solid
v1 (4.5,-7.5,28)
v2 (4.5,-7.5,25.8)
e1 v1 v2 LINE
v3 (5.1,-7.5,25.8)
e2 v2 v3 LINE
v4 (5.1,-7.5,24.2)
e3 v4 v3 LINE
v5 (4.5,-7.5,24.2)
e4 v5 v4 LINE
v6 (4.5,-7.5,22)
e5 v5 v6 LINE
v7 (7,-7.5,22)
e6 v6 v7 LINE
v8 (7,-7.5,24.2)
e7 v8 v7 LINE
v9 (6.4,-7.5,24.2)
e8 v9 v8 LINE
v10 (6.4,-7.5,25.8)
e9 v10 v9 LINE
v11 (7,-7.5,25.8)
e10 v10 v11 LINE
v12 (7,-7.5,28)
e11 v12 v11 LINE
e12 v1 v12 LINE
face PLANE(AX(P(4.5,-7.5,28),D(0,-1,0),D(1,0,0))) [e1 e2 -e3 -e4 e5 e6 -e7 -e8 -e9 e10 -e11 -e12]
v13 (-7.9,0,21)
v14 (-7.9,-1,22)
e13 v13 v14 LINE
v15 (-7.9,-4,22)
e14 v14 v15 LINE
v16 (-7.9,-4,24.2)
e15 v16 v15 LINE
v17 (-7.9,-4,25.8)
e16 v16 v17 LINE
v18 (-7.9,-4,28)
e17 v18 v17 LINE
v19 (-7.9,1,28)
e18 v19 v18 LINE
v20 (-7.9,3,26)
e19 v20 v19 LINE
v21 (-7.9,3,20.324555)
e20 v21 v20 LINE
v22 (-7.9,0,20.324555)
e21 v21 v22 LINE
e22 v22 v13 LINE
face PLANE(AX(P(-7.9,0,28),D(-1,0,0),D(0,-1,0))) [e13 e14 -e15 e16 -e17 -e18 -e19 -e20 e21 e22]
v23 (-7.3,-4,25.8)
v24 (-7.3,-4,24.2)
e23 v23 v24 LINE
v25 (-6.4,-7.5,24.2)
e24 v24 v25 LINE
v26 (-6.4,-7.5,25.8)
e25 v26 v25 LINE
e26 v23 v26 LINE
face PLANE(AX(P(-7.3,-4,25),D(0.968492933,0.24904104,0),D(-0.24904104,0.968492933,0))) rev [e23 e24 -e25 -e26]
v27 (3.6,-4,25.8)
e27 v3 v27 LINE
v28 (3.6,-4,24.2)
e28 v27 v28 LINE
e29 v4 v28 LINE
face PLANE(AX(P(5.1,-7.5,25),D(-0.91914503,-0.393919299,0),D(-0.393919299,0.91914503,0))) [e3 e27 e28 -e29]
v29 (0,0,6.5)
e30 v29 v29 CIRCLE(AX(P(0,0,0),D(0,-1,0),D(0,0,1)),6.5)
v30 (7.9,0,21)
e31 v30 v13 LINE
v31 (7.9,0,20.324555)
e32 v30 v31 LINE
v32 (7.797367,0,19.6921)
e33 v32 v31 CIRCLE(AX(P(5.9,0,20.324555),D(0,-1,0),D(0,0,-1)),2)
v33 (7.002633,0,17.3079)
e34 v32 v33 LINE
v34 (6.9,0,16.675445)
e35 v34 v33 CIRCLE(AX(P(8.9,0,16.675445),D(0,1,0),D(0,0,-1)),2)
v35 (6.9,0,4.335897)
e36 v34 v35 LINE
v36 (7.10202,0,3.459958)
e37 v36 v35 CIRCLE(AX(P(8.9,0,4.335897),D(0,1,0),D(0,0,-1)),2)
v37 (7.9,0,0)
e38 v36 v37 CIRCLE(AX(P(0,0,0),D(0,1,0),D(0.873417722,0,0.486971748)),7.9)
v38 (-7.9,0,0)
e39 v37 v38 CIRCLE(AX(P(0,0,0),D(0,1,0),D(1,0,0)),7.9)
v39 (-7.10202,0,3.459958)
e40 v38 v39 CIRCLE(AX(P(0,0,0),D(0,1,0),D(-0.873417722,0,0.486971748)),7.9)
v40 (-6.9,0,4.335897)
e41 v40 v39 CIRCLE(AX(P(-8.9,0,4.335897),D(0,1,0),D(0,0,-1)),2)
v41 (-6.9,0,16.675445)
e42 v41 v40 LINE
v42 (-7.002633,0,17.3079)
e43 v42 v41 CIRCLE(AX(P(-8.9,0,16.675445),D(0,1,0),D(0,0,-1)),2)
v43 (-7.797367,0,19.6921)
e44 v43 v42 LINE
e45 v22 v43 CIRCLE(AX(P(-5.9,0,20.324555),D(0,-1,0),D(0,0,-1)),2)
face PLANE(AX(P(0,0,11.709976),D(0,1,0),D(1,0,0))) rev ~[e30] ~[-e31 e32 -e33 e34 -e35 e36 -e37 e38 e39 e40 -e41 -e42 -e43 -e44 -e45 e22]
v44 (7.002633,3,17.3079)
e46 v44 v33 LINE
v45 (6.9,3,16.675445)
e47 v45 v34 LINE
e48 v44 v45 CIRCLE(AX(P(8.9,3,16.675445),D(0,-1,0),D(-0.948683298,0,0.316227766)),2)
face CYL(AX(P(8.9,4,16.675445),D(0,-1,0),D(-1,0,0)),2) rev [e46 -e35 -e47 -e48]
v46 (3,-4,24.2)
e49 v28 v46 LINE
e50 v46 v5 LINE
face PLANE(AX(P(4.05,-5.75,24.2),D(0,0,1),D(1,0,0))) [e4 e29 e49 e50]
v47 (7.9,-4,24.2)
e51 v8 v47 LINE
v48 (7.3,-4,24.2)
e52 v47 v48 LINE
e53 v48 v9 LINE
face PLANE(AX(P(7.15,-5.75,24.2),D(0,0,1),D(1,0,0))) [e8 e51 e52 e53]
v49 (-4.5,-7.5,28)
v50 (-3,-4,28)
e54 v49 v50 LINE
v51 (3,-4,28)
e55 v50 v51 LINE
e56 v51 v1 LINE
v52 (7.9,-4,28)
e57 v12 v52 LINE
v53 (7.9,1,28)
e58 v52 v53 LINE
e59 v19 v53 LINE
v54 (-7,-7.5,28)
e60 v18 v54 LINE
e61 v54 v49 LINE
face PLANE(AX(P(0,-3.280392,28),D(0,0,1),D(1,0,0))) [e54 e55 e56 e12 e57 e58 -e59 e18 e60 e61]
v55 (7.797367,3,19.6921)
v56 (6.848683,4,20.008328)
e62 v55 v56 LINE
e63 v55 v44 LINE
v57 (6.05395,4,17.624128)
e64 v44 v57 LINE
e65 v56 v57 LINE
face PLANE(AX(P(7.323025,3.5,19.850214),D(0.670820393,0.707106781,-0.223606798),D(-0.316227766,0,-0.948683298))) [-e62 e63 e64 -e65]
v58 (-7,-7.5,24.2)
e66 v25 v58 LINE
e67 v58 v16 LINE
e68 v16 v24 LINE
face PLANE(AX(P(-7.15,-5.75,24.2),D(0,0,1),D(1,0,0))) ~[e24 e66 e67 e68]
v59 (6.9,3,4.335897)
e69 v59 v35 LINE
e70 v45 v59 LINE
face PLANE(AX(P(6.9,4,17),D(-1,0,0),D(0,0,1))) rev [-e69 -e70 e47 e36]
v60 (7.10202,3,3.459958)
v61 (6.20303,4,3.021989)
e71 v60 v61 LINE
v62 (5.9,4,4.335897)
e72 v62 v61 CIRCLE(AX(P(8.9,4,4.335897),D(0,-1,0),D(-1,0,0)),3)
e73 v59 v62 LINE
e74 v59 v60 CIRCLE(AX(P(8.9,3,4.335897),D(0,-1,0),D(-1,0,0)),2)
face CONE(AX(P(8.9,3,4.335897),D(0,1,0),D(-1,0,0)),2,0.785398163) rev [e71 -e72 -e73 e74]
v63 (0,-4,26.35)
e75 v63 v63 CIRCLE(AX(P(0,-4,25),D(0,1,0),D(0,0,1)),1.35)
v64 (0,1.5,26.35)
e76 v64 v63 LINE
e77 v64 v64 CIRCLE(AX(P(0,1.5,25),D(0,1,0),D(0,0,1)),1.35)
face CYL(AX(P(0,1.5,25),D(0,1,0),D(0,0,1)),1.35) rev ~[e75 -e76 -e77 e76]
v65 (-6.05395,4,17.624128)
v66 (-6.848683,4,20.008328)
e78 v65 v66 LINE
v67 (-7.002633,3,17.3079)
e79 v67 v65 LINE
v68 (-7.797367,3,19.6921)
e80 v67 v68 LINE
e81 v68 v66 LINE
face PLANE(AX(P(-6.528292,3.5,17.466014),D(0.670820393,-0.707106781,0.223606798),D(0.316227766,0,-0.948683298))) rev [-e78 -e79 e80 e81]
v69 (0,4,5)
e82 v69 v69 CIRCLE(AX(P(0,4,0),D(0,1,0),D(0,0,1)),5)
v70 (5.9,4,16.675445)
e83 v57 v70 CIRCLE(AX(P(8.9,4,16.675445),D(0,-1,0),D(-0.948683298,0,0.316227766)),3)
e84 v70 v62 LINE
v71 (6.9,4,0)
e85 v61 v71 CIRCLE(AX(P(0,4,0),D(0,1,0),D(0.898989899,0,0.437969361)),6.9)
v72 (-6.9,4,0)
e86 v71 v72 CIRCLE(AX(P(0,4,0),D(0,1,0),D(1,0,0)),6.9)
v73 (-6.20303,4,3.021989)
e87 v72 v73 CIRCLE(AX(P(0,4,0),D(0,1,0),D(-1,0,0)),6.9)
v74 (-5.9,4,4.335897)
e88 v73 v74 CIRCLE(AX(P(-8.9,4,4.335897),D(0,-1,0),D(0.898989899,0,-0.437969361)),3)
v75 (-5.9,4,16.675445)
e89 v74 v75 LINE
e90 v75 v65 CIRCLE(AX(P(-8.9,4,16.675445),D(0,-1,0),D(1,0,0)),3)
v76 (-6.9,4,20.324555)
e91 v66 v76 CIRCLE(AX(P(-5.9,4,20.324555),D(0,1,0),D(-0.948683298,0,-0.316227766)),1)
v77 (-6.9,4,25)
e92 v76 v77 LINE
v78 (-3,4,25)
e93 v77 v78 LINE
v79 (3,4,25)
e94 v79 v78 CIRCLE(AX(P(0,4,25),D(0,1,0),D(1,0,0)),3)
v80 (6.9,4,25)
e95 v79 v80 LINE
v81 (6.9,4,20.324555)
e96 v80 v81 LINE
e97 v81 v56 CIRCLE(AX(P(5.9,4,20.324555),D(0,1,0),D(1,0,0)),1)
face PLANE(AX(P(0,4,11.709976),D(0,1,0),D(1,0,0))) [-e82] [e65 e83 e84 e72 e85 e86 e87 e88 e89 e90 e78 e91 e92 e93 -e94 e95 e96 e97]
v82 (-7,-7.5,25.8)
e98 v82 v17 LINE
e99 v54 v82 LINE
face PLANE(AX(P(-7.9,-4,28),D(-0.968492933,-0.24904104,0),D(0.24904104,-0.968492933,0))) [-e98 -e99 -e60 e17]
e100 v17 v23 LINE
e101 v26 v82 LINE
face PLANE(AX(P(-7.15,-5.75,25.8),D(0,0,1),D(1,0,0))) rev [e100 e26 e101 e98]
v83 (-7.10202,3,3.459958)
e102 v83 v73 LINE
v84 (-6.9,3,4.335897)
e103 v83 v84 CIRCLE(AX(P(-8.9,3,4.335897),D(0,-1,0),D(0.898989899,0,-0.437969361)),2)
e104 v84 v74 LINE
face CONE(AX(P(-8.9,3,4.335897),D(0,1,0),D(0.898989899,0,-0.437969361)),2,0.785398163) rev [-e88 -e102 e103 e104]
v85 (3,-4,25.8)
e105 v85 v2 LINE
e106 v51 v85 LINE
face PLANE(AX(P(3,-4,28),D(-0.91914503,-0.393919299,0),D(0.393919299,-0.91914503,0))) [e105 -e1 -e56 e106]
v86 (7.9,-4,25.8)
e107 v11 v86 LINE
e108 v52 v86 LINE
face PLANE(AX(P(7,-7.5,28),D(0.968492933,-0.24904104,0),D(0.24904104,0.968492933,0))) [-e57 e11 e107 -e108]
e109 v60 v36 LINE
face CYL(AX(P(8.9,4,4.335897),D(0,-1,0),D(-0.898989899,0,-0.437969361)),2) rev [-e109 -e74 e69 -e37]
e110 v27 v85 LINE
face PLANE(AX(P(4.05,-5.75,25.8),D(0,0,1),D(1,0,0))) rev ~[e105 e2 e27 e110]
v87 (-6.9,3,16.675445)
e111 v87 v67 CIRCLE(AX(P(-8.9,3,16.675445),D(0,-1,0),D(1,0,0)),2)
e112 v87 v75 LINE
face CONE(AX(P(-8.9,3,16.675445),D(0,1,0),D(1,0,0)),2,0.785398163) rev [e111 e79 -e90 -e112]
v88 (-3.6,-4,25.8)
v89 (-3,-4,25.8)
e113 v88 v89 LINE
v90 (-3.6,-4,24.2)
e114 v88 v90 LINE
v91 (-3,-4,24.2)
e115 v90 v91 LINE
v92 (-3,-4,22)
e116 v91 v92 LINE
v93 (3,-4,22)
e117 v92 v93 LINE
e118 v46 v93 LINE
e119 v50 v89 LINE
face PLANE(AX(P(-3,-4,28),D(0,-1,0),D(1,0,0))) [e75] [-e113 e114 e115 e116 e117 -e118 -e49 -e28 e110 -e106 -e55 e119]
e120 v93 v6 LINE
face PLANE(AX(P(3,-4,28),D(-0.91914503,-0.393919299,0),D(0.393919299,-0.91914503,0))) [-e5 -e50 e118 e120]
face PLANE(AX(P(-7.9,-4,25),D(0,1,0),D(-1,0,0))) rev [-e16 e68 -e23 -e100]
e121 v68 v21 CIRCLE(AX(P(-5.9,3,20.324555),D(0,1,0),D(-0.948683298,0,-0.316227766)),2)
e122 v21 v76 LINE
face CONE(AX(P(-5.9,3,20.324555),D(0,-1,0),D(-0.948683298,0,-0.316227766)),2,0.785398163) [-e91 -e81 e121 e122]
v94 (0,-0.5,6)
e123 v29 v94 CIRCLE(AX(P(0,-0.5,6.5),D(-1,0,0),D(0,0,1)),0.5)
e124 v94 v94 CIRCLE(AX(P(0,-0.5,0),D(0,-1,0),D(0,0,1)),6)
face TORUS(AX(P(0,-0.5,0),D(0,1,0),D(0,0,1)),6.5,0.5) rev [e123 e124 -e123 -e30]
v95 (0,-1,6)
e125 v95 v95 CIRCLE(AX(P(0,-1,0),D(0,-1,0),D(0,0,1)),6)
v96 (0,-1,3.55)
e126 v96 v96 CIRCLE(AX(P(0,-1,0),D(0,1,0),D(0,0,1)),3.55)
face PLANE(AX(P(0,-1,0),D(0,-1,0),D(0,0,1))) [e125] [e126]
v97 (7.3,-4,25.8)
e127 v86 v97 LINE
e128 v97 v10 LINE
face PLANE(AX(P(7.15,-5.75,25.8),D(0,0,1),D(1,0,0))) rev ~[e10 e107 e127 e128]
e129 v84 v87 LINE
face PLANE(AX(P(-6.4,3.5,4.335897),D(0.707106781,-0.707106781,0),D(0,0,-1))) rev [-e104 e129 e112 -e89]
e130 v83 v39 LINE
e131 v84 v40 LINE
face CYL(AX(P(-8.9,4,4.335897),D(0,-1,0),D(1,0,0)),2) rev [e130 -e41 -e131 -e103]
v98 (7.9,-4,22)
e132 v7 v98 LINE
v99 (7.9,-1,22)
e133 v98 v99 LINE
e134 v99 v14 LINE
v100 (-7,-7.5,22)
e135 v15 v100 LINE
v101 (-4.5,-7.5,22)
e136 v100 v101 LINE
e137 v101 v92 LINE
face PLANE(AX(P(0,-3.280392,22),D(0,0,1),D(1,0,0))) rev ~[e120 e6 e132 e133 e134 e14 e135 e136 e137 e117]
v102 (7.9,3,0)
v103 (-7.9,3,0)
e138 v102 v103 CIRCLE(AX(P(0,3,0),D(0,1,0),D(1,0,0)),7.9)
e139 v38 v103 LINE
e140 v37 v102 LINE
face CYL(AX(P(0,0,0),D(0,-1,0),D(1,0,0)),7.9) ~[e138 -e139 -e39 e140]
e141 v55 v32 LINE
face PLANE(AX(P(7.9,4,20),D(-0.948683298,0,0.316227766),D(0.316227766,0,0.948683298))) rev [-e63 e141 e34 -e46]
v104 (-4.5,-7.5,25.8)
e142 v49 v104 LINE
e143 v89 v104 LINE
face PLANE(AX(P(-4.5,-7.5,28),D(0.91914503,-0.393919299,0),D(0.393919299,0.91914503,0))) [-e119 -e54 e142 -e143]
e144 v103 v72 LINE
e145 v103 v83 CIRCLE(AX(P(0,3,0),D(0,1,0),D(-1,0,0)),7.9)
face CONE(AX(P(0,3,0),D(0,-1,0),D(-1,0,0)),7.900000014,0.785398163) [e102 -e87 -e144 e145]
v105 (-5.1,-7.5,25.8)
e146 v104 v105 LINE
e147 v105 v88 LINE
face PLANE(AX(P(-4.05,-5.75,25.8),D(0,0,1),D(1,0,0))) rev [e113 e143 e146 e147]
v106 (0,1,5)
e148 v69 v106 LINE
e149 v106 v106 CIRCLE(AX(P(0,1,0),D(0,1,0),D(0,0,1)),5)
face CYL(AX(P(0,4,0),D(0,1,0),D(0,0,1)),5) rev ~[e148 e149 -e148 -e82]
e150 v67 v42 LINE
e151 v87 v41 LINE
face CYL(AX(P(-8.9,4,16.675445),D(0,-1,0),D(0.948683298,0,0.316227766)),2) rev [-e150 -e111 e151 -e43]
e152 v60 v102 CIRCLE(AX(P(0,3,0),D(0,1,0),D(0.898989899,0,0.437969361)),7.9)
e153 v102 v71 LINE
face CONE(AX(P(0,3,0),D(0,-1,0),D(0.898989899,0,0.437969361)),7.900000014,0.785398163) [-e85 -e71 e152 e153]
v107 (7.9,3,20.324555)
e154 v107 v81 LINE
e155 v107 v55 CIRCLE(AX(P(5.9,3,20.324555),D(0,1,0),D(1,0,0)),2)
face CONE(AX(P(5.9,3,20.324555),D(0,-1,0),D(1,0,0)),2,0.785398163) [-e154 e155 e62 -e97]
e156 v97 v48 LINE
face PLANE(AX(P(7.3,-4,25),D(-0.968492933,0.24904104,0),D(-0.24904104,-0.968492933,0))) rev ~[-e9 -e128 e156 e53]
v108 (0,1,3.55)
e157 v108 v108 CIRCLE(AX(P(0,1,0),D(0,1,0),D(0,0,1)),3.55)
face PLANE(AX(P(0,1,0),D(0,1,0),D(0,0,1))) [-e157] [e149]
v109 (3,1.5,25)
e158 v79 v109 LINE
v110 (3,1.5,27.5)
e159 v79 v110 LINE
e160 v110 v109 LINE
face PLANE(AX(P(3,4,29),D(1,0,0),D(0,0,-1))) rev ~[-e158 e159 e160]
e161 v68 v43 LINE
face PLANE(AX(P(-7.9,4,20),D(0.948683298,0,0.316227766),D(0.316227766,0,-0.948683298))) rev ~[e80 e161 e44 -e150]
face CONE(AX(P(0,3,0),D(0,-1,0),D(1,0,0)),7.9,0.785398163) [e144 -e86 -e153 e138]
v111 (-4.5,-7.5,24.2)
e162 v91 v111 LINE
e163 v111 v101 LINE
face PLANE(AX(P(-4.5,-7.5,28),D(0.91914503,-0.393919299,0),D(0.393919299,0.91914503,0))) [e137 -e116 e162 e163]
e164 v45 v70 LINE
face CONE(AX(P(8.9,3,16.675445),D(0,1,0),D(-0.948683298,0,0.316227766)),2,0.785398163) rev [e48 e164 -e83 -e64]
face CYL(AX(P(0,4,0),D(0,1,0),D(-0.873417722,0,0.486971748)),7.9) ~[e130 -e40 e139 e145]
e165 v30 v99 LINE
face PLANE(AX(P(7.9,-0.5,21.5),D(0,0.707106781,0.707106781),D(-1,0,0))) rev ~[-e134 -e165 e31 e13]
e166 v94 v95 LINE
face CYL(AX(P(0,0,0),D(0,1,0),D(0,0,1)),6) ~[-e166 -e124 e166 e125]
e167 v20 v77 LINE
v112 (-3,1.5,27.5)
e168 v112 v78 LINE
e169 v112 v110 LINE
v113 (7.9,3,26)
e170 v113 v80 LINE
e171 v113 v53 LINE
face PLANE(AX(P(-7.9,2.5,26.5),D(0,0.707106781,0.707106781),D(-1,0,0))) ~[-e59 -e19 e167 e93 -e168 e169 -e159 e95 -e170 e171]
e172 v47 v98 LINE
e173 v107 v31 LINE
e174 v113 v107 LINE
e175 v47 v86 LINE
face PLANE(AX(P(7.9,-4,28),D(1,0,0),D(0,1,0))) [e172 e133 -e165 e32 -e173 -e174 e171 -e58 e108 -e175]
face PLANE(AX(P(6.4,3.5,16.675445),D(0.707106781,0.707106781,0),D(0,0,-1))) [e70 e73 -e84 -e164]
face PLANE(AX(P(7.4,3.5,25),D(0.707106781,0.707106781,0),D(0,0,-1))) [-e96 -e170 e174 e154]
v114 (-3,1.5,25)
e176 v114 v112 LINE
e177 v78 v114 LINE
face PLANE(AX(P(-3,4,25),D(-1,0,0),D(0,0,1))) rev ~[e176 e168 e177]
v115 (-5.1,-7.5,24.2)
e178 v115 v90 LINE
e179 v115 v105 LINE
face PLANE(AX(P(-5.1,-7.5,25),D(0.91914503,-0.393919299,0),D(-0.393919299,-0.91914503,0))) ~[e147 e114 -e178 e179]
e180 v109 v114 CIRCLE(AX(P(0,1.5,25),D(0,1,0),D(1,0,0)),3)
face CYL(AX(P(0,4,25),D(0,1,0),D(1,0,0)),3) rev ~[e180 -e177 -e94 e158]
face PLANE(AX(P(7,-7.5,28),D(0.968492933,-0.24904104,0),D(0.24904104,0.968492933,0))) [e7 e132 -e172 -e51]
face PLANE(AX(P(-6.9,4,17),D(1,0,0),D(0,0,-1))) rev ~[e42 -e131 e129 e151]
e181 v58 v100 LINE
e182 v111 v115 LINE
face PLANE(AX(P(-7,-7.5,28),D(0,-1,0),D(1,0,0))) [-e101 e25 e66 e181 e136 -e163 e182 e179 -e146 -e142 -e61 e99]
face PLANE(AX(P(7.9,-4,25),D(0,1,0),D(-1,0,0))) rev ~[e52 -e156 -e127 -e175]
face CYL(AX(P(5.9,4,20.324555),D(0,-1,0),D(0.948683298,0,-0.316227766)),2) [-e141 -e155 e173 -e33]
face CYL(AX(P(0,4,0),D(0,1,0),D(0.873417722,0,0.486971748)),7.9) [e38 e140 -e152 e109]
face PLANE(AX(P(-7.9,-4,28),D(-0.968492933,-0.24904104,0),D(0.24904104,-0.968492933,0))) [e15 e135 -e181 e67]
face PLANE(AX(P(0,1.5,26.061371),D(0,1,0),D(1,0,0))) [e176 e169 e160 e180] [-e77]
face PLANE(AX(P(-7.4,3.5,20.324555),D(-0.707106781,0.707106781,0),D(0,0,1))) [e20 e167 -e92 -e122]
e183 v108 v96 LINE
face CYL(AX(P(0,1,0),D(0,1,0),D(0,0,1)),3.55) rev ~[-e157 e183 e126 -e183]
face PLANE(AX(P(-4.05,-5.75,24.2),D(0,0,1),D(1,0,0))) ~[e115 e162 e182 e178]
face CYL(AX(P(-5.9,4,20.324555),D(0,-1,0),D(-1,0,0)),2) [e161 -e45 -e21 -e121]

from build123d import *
from build123d.topology import SkipClean

# Parameters (mm, degrees)
EXTRUDE_1_DEPTH     = 4
EXTRUDE_3_DEPTH     = 6
CHAMFER_1_SIZE      = 3
CUT_EXTRUDE_2_DEPTH = 2.5
CUT_EXTRUDE_3_REACH = 32.453
SKETCH_7_R          = 1.35
SKETCH_8_R          = 6
EXTRUDE_4_DEPTH     = 1
FILLET_1_R          = 0.5
SKETCH_9_R          = 5
CUT_EXTRUDE_4_DEPTH = 3
SKETCH_10_R         = 3.55
CUT_EXTRUDE_5_DEPTH = 3.6
CUT_EXTRUDE_6_DEPTH = 0.8
CUT_EXTRUDE_7_DEPTH = 32.283541999
FILLET_2_R          = 2
CHAMFER_2_SIZE      = 1


with BuildPart() as part:
    # ｽｹｯﾁ1 → ﾎﾞｽ - 押し出し1 (new body)
    with BuildSketch(Plane(origin=(0, 0, 0), x_dir=(1, 0, 0), z_dir=(0, 1, 0))):
        with BuildLine():
            Line((-7.9, 0), (-7.9, -28))
            Line((-7.9, -28), (7.9, -28))
            Line((7.9, -28), (7.9, 0))
            ThreePointArc((7.9, 0), (0, 7.9), (-7.9, 0))
        make_face()
    extrude(amount=EXTRUDE_1_DEPTH)

    # ｽｹｯﾁ4 → ﾎﾞｽ - 押し出し3 (add)
    with BuildSketch(Plane.XY.offset(28)):
        Polygon((-7, -7.5), (-4.5, -7.5), (-3, -4), (3, -4), (4.5, -7.5), (7, -7.5), (7.9, -4), (7.9, 0), (-7.9, 0), (-7.9, -4), align=None)
    extrude(amount=-EXTRUDE_3_DEPTH)

    # 面取り1
    chamfer_1_edges = [part.edges().sort_by_distance(p)[0] for p in [
        (0, 4, 28),
    ]]
    chamfer(chamfer_1_edges, length=CHAMFER_1_SIZE)

    # ｽｹｯﾁ6 → ｶｯﾄ - 押し出し2 (cut)
    with BuildSketch(Plane(origin=(0, 4, 0), x_dir=(1, 0, 0), z_dir=(0, 1, 0))):
        with BuildLine():
            Line((-3, -25), (-3, -29))
            Line((-3, -29), (3, -29))
            Line((3, -29), (3, -25))
            ThreePointArc((3, -25), (0, -22), (-3, -25))
        make_face()
    extrude(amount=-CUT_EXTRUDE_2_DEPTH, mode=Mode.SUBTRACT)

    # ｽｹｯﾁ7 → ｶｯﾄ - 押し出し3 (cut, up to next)
    with BuildSketch(Plane(origin=(0, 1.5, 0), x_dir=(1, 0, 0), z_dir=(0, 1, 0)), mode=Mode.PRIVATE) as cut_extrude_3_sk1:
        with Locations(Location((0, -25, 0), (0, 0, 270))):
            Circle(SKETCH_7_R)
    cut_extrude_3_tool1 = extrude(cut_extrude_3_sk1.sketch, amount=-CUT_EXTRUDE_3_REACH, mode=Mode.PRIVATE) & part.part
    add(cut_extrude_3_tool1.solids().sort_by_distance((0, 1.5, 25))[0], mode=Mode.SUBTRACT)

    # ｽｹｯﾁ8 → ﾎﾞｽ - 押し出し4 (add)
    with BuildSketch(Plane.XZ):
        with Locations(Location((0, 0, 0), (0, 0, 90))):
            Circle(SKETCH_8_R)
    extrude(amount=EXTRUDE_4_DEPTH)

    # ﾌｨﾚｯﾄ1
    fillet_1_edges = [part.edges().sort_by_distance(p)[0] for p in [
        (0, 0, -6),
    ]]
    fillet(fillet_1_edges, radius=FILLET_1_R)

    # ｽｹｯﾁ9 → ｶｯﾄ - 押し出し4 (cut)
    with BuildSketch(Plane(origin=(0, 4, 0), x_dir=(1, 0, 0), z_dir=(0, 1, 0))):
        with Locations(Location((0, 0, 0), (0, 0, 270))):
            Circle(SKETCH_9_R)
    extrude(amount=-CUT_EXTRUDE_4_DEPTH, mode=Mode.SUBTRACT)

    # ｽｹｯﾁ10 → ｶｯﾄ - 押し出し5 (cut)
    with BuildSketch(Plane(origin=(0, 1, 0), x_dir=(1, 0, 0), z_dir=(0, 1, 0))):
        with Locations(Location((0, 0, 0), (0, 0, 270))):
            Circle(SKETCH_10_R)
    extrude(amount=-CUT_EXTRUDE_5_DEPTH, mode=Mode.SUBTRACT)

    # ｽｹｯﾁ11 → ｶｯﾄ - 押し出し6 (cut, symmetric)
    with BuildSketch(Plane.XY.offset(25)):
        Polygon((3, -4), (4.5, -7.5), (5.1, -7.5), (3.6, -4), align=None)
        Polygon((6.4, -7.5), (7, -7.5), (7.9, -4), (7.3, -4), align=None)
    cut_extrude_6 = extrude(amount=CUT_EXTRUDE_6_DEPTH, both=True, mode=Mode.SUBTRACT)

    # ﾐﾗｰ1: ｶｯﾄ - 押し出し6 across plane
    add(cut_extrude_6.mirror(Plane(origin=(0, 0, 0), x_dir=(0, 0, 1), z_dir=(1, 0, 0))), mode=Mode.SUBTRACT)

    # ｽｹｯﾁ12 → ｶｯﾄ - 押し出し7 (cut, through all)
    with SkipClean():  # the faces are left unmerged after this step: merging them gives an invalid solid
        with BuildSketch(Plane(origin=(0, 4, 0), x_dir=(1, 0, 0), z_dir=(0, 1, 0))):
            with BuildLine():
                Line((-7.9, 0), (-7.9, -20))
                Line((-7.9, -20), (-6.9, -17))
                Line((-6.9, -17), (-6.9, -3.847076812))
                ThreePointArc((-6.9, -3.847076812), (-7.645913941, -1.987460691), (-7.9, 0))
            make_face()
        cut_extrude_7 = extrude(amount=-CUT_EXTRUDE_7_DEPTH, mode=Mode.SUBTRACT)

    # ﾐﾗｰ2: ｶｯﾄ - 押し出し7 across plane
    with SkipClean():  # the faces are left unmerged after this step: merging them gives an invalid solid
        add(cut_extrude_7.mirror(Plane(origin=(0, 0, 0), x_dir=(0, 0, 1), z_dir=(1, 0, 0))), mode=Mode.SUBTRACT)

    # ﾌｨﾚｯﾄ2
    fillet_2_edges = [part.edges().sort_by_distance(p)[0] for p in [
        (-6.9, 2, 3.847076812),
        (-6.9, 2, 17),
        (-7.9, 2, 20),
        (6.9, 2, 3.847076812),
        (7.9, 2, 20),
        (6.9, 2, 17),
    ]]
    fillet(fillet_2_edges, radius=FILLET_2_R)

    # 面取り2
    chamfer_2_edges = [part.edges().sort_by_distance(p)[0] for p in [
        (-7.9, 4, 22.66227766),
        (0, 4, -7.9),
        (7.9, 4, 22.66227766),
        (0, 0, 22),
        (-7.874174915, 4, 20.004190834),
        (-7.4, 4, 18.5),
        (-6.925825085, 4, 16.995809166),
        (-6.9, 4, 10.505670679),
        (-6.951159371, 4, 3.886430103),
        (6.951159371, 4, 3.886430103),
        (6.9, 4, 10.505670679),
        (6.925825085, 4, 16.995809166),
        (7.4, 4, 18.5),
        (7.874174915, 4, 20.004190834),
    ]]
    chamfer(chamfer_2_edges, length=CHAMFER_2_SIZE)


solid = part.part
